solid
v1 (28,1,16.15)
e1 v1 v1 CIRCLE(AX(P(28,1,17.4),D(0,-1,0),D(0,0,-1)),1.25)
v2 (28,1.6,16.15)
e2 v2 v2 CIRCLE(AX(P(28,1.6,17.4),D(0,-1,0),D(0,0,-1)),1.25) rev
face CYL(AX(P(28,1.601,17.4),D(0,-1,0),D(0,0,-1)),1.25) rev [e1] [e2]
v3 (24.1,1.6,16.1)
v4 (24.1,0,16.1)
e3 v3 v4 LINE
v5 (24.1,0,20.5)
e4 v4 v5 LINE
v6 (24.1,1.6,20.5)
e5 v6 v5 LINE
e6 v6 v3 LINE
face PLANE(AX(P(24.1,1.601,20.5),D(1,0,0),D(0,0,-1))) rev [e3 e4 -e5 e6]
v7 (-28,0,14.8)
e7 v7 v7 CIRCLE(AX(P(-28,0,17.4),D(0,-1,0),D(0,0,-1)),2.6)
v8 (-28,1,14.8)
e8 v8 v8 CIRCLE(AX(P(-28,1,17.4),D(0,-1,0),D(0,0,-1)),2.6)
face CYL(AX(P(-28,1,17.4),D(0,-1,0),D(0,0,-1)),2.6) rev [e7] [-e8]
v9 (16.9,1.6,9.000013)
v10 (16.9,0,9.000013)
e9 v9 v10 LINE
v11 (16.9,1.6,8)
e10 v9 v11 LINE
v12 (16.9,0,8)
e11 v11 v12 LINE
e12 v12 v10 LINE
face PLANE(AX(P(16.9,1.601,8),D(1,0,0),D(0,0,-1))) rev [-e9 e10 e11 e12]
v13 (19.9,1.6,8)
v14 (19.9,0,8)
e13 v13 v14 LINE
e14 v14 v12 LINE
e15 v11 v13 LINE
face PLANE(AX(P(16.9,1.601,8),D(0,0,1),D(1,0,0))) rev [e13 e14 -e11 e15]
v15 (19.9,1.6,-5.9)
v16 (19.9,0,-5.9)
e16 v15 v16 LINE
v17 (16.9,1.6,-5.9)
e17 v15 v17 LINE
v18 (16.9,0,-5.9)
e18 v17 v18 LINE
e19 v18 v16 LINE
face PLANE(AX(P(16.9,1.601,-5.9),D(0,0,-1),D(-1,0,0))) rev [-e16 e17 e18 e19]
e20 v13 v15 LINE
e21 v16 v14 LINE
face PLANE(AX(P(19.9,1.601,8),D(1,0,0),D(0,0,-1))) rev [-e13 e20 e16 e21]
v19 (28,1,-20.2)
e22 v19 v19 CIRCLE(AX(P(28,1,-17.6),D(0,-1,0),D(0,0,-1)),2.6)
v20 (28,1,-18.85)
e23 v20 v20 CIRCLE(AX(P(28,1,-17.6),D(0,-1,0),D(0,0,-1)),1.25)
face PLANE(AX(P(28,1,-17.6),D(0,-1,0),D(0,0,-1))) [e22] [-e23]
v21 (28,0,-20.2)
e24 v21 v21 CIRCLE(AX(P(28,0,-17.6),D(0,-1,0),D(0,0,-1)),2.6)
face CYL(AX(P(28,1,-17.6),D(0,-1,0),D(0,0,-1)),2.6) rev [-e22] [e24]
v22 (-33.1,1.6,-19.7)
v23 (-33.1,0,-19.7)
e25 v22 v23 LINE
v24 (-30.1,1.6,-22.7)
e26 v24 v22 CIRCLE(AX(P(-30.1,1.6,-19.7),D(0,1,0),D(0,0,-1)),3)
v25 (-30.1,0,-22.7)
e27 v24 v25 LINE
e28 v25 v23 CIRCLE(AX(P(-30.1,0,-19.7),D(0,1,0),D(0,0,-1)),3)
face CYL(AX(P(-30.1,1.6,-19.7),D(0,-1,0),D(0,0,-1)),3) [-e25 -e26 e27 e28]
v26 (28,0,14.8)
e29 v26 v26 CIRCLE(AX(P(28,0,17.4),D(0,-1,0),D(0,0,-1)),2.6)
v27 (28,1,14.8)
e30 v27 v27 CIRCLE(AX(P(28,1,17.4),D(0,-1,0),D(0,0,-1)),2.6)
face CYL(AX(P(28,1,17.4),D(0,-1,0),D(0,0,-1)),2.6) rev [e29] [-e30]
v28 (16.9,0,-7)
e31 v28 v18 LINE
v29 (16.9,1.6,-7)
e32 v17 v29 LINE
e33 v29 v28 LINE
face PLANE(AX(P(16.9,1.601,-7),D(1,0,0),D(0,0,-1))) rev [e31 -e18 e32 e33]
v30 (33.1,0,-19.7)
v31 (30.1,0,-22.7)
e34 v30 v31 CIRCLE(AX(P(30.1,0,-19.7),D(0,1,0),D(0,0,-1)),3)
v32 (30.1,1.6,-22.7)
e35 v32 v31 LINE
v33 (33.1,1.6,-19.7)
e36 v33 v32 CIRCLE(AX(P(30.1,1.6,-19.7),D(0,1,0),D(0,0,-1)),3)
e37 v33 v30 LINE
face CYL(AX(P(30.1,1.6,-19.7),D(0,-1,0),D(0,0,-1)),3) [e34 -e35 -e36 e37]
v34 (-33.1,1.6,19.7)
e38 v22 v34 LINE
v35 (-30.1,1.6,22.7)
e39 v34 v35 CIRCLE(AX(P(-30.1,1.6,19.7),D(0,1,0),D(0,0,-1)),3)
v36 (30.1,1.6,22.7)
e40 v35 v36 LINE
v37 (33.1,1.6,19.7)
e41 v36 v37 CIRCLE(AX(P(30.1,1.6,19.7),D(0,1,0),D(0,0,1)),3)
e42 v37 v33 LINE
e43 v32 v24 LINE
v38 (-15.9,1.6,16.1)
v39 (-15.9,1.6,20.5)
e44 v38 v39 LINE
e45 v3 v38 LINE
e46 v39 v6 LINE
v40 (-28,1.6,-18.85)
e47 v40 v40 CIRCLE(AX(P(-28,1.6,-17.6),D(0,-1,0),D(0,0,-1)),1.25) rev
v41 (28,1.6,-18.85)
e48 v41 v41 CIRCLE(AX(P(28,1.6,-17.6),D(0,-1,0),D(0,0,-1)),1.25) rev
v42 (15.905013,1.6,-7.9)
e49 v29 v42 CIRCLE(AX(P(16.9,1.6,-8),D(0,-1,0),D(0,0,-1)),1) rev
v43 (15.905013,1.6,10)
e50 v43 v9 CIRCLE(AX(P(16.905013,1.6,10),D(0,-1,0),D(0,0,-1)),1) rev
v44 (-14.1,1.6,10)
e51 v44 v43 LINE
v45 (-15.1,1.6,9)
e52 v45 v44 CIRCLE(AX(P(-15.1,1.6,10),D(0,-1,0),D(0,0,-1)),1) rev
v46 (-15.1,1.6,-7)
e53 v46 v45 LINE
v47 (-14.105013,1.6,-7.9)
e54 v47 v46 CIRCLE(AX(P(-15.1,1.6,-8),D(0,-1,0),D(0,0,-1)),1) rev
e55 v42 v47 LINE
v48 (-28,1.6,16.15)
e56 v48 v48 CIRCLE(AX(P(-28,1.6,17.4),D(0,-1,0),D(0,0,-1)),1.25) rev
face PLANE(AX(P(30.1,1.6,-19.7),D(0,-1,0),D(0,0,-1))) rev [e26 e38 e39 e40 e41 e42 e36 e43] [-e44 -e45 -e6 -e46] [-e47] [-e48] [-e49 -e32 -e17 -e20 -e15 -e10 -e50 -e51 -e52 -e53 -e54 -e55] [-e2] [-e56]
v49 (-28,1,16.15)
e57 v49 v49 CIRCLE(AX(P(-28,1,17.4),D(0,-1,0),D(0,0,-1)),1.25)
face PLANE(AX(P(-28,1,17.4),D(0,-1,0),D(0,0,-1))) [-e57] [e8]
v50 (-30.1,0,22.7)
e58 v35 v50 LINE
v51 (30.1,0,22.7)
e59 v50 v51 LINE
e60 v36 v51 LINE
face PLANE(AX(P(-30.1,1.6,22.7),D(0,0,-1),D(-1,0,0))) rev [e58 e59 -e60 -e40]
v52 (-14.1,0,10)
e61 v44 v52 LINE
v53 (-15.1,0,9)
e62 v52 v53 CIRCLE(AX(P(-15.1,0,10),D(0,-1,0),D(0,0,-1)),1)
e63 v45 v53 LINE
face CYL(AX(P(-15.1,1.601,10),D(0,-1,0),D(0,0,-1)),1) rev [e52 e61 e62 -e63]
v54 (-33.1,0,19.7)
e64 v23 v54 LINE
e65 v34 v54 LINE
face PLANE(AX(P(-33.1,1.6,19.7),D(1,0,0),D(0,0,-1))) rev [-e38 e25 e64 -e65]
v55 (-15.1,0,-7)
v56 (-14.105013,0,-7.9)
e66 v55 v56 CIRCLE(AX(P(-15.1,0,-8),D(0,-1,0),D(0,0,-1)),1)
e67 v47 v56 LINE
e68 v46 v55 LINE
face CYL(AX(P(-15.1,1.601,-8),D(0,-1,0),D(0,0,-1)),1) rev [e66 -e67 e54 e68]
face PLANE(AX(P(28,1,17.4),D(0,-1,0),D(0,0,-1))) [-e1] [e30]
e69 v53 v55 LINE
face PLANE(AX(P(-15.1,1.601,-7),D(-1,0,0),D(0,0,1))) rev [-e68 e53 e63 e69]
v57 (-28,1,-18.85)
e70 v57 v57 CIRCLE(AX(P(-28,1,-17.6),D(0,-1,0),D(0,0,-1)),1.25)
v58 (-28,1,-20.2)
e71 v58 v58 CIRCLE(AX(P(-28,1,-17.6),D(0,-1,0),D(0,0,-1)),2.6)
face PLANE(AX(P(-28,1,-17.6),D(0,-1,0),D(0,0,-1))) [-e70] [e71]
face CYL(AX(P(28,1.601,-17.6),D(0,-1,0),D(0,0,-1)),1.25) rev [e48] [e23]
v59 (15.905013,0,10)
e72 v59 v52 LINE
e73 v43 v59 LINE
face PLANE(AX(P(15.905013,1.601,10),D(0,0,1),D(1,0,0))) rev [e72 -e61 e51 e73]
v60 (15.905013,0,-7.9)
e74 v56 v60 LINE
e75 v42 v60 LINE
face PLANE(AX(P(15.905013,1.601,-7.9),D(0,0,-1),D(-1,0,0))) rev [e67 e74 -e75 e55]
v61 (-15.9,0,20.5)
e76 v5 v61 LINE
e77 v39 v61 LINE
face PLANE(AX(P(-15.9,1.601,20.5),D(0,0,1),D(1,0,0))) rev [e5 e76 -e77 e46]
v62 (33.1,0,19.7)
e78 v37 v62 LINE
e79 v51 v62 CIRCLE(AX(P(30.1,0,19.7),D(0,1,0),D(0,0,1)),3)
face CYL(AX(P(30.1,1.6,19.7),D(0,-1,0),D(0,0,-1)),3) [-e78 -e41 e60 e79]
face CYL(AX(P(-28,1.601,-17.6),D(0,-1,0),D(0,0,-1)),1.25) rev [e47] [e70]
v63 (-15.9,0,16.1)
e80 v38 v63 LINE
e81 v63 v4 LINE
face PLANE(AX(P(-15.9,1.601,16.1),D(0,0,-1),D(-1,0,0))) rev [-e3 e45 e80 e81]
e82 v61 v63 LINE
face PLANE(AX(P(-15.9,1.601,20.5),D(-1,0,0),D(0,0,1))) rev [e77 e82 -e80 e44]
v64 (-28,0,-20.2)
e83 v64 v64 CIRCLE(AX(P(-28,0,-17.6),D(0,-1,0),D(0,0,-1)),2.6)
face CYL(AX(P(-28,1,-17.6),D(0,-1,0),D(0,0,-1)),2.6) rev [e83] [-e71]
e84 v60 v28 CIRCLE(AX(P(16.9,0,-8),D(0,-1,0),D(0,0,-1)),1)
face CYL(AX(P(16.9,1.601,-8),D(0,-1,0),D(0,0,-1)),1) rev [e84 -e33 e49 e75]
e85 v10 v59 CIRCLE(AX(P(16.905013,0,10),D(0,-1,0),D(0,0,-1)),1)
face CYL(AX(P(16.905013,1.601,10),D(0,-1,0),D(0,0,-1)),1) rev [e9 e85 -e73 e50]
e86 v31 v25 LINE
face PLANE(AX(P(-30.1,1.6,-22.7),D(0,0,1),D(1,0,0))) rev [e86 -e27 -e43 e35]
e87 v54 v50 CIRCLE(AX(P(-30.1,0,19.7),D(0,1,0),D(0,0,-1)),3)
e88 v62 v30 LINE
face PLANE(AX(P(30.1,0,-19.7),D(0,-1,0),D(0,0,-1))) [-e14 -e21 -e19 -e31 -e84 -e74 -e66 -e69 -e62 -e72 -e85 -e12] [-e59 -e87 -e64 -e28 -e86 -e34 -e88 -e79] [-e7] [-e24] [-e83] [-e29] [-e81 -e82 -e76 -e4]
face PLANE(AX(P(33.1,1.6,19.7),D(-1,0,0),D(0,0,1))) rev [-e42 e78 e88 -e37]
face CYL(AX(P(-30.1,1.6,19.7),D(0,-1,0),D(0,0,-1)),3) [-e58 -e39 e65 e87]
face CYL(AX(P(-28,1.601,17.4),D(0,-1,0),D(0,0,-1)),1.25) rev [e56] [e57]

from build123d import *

# Parameters (mm, degrees)
EXTRUDE_1_DEPTH       = 1.6
SKETCH_5_R            = 2.6
CUT_EXTRUDE_855_DEPTH = 1
CUT_EXTRUDE_992_REACH = 42.148
SKETCH_7_R            = 1.25
CUT_EXTRUDE_1_REACH   = 42.168
SKETCH_9_W            = 40
SKETCH_9_H            = 4.4


with BuildPart() as part:
    # 草图1 → 凸台-拉伸1 (new body)
    with BuildSketch(Plane(origin=(0, 0, 0), x_dir=(1, 0, 0), z_dir=(0, 1, 0))):
        with BuildLine():
            Line((-30.1, -22.7), (30.1, -22.7))
            ThreePointArc((30.1, -22.7), (32.221320344, -21.821320344), (33.1, -19.7))
            Line((33.1, -19.7), (33.1, 19.7))
            ThreePointArc((33.1, 19.7), (32.221320344, 21.821320344), (30.1, 22.7))
            Line((30.1, 22.7), (-30.1, 22.7))
            ThreePointArc((-30.1, 22.7), (-32.221320344, 21.821320344), (-33.1, 19.7))
            Line((-33.1, 19.7), (-33.1, -19.7))
            ThreePointArc((-33.1, -19.7), (-32.221320344, -21.821320344), (-30.1, -22.7))
        make_face()
    extrude(amount=EXTRUDE_1_DEPTH)

    # 草图5 → Cut-Extrude 855 (cut)
    with BuildSketch(Plane.XZ):
        with Locations(Location((-28, -17.6, 0), (0, 0, 270))):
            Circle(SKETCH_5_R)
        with Locations(Location((28, -17.6, 0), (0, 0, 270))):
            Circle(SKETCH_5_R)
        with Locations(Location((28, 17.4, 0), (0, 0, 270))):
            Circle(SKETCH_5_R)
        with Locations(Location((-28, 17.4, 0), (0, 0, 270))):
            Circle(SKETCH_5_R)
    extrude(amount=-CUT_EXTRUDE_855_DEPTH, mode=Mode.SUBTRACT)

    # 草图7 → Cut-Extrude 992 (cut, up to next)
    with BuildSketch(Plane.XZ.offset(-1), mode=Mode.PRIVATE) as cut_extrude_992_sk1:
        with Locations(Location((-28, -17.6, 0), (0, 0, 270))):
            Circle(SKETCH_7_R)
    cut_extrude_992_tool1 = extrude(cut_extrude_992_sk1.sketch, amount=-CUT_EXTRUDE_992_REACH, mode=Mode.PRIVATE) & part.part
    # 草图7 → Cut-Extrude 992 (cut, up to next)
    with BuildSketch(Plane.XZ.offset(-1), mode=Mode.PRIVATE) as cut_extrude_992_sk2:
        with Locations(Location((28, -17.6, 0), (0, 0, 270))):
            Circle(SKETCH_7_R)
    cut_extrude_992_tool2 = extrude(cut_extrude_992_sk2.sketch, amount=-CUT_EXTRUDE_992_REACH, mode=Mode.PRIVATE) & part.part
    # 草图7 → Cut-Extrude 992 (cut, up to next)
    with BuildSketch(Plane.XZ.offset(-1), mode=Mode.PRIVATE) as cut_extrude_992_sk3:
        with Locations(Location((28, 17.4, 0), (0, 0, 270))):
            Circle(SKETCH_7_R)
    cut_extrude_992_tool3 = extrude(cut_extrude_992_sk3.sketch, amount=-CUT_EXTRUDE_992_REACH, mode=Mode.PRIVATE) & part.part
    # 草图7 → Cut-Extrude 992 (cut, up to next)
    with BuildSketch(Plane.XZ.offset(-1), mode=Mode.PRIVATE) as cut_extrude_992_sk4:
        with Locations(Location((-28, 17.4, 0), (0, 0, 270))):
            Circle(SKETCH_7_R)
    cut_extrude_992_tool4 = extrude(cut_extrude_992_sk4.sketch, amount=-CUT_EXTRUDE_992_REACH, mode=Mode.PRIVATE) & part.part
    add(cut_extrude_992_tool1.solids().sort_by_distance((-28, 1, -17.6))[0], mode=Mode.SUBTRACT)
    add(cut_extrude_992_tool2.solids().sort_by_distance((28, 1, -17.6))[0], mode=Mode.SUBTRACT)
    add(cut_extrude_992_tool3.solids().sort_by_distance((28, 1, 17.4))[0], mode=Mode.SUBTRACT)
    add(cut_extrude_992_tool4.solids().sort_by_distance((-28, 1, 17.4))[0], mode=Mode.SUBTRACT)

    # 草图9 → 切除-拉伸1 (cut, up to next)
    with BuildSketch(Plane(origin=(0, 0, 0), x_dir=(-1, 0, 0), z_dir=(0, -1, 0)), mode=Mode.PRIVATE) as cut_extrude_1_sk1:
        with Locations((-4.1, -18.3)):
            Rectangle(SKETCH_9_W, SKETCH_9_H)
    cut_extrude_1_tool1 = extrude(cut_extrude_1_sk1.sketch, amount=-CUT_EXTRUDE_1_REACH, mode=Mode.PRIVATE) & part.part
    # 草图9 → 切除-拉伸1 (cut, up to next)
    with BuildSketch(Plane(origin=(0, 0, 0), x_dir=(-1, 0, 0), z_dir=(0, -1, 0)), mode=Mode.PRIVATE) as cut_extrude_1_sk2:
        with BuildLine():
            Line((-16.900000063, -8), (-16.900000063, -9.000012563))
            ThreePointArc((-16.900000063, -9.000012563), (-17.613889315, -10.705332368), (-15.905012563, -10))
            Line((-15.905012563, -10), (14.1, -10))
            ThreePointArc((14.1, -10), (15.807106781, -10.707106781), (15.1, -9))
            Line((15.1, -9), (15.1, 7))
            ThreePointArc((15.1, 7), (15.770820393, 8.741619849), (14.105012563, 7.9))
            Line((14.105012563, 7.9), (-15.905012563, 7.9))
            ThreePointArc((-15.905012563, 7.9), (-17.57082037, 8.74161987), (-16.900000063, 7))
            Line((-16.900000063, 7), (-16.900000063, 5.9))
            Line((-16.900000063, 5.9), (-19.900000063, 5.9))
            Line((-19.900000063, 5.9), (-19.900000063, -8))
            Line((-19.900000063, -8), (-16.900000063, -8))
        make_face()
    cut_extrude_1_tool2 = extrude(cut_extrude_1_sk2.sketch, amount=-CUT_EXTRUDE_1_REACH, mode=Mode.PRIVATE) & part.part
    add(cut_extrude_1_tool1.solids().sort_by_distance((4.1, 0, 18.3))[0], mode=Mode.SUBTRACT)
    add(cut_extrude_1_tool2.solids().sort_by_distance((2.069376, 0, 1.046434))[0], mode=Mode.SUBTRACT)


solid = part.part
